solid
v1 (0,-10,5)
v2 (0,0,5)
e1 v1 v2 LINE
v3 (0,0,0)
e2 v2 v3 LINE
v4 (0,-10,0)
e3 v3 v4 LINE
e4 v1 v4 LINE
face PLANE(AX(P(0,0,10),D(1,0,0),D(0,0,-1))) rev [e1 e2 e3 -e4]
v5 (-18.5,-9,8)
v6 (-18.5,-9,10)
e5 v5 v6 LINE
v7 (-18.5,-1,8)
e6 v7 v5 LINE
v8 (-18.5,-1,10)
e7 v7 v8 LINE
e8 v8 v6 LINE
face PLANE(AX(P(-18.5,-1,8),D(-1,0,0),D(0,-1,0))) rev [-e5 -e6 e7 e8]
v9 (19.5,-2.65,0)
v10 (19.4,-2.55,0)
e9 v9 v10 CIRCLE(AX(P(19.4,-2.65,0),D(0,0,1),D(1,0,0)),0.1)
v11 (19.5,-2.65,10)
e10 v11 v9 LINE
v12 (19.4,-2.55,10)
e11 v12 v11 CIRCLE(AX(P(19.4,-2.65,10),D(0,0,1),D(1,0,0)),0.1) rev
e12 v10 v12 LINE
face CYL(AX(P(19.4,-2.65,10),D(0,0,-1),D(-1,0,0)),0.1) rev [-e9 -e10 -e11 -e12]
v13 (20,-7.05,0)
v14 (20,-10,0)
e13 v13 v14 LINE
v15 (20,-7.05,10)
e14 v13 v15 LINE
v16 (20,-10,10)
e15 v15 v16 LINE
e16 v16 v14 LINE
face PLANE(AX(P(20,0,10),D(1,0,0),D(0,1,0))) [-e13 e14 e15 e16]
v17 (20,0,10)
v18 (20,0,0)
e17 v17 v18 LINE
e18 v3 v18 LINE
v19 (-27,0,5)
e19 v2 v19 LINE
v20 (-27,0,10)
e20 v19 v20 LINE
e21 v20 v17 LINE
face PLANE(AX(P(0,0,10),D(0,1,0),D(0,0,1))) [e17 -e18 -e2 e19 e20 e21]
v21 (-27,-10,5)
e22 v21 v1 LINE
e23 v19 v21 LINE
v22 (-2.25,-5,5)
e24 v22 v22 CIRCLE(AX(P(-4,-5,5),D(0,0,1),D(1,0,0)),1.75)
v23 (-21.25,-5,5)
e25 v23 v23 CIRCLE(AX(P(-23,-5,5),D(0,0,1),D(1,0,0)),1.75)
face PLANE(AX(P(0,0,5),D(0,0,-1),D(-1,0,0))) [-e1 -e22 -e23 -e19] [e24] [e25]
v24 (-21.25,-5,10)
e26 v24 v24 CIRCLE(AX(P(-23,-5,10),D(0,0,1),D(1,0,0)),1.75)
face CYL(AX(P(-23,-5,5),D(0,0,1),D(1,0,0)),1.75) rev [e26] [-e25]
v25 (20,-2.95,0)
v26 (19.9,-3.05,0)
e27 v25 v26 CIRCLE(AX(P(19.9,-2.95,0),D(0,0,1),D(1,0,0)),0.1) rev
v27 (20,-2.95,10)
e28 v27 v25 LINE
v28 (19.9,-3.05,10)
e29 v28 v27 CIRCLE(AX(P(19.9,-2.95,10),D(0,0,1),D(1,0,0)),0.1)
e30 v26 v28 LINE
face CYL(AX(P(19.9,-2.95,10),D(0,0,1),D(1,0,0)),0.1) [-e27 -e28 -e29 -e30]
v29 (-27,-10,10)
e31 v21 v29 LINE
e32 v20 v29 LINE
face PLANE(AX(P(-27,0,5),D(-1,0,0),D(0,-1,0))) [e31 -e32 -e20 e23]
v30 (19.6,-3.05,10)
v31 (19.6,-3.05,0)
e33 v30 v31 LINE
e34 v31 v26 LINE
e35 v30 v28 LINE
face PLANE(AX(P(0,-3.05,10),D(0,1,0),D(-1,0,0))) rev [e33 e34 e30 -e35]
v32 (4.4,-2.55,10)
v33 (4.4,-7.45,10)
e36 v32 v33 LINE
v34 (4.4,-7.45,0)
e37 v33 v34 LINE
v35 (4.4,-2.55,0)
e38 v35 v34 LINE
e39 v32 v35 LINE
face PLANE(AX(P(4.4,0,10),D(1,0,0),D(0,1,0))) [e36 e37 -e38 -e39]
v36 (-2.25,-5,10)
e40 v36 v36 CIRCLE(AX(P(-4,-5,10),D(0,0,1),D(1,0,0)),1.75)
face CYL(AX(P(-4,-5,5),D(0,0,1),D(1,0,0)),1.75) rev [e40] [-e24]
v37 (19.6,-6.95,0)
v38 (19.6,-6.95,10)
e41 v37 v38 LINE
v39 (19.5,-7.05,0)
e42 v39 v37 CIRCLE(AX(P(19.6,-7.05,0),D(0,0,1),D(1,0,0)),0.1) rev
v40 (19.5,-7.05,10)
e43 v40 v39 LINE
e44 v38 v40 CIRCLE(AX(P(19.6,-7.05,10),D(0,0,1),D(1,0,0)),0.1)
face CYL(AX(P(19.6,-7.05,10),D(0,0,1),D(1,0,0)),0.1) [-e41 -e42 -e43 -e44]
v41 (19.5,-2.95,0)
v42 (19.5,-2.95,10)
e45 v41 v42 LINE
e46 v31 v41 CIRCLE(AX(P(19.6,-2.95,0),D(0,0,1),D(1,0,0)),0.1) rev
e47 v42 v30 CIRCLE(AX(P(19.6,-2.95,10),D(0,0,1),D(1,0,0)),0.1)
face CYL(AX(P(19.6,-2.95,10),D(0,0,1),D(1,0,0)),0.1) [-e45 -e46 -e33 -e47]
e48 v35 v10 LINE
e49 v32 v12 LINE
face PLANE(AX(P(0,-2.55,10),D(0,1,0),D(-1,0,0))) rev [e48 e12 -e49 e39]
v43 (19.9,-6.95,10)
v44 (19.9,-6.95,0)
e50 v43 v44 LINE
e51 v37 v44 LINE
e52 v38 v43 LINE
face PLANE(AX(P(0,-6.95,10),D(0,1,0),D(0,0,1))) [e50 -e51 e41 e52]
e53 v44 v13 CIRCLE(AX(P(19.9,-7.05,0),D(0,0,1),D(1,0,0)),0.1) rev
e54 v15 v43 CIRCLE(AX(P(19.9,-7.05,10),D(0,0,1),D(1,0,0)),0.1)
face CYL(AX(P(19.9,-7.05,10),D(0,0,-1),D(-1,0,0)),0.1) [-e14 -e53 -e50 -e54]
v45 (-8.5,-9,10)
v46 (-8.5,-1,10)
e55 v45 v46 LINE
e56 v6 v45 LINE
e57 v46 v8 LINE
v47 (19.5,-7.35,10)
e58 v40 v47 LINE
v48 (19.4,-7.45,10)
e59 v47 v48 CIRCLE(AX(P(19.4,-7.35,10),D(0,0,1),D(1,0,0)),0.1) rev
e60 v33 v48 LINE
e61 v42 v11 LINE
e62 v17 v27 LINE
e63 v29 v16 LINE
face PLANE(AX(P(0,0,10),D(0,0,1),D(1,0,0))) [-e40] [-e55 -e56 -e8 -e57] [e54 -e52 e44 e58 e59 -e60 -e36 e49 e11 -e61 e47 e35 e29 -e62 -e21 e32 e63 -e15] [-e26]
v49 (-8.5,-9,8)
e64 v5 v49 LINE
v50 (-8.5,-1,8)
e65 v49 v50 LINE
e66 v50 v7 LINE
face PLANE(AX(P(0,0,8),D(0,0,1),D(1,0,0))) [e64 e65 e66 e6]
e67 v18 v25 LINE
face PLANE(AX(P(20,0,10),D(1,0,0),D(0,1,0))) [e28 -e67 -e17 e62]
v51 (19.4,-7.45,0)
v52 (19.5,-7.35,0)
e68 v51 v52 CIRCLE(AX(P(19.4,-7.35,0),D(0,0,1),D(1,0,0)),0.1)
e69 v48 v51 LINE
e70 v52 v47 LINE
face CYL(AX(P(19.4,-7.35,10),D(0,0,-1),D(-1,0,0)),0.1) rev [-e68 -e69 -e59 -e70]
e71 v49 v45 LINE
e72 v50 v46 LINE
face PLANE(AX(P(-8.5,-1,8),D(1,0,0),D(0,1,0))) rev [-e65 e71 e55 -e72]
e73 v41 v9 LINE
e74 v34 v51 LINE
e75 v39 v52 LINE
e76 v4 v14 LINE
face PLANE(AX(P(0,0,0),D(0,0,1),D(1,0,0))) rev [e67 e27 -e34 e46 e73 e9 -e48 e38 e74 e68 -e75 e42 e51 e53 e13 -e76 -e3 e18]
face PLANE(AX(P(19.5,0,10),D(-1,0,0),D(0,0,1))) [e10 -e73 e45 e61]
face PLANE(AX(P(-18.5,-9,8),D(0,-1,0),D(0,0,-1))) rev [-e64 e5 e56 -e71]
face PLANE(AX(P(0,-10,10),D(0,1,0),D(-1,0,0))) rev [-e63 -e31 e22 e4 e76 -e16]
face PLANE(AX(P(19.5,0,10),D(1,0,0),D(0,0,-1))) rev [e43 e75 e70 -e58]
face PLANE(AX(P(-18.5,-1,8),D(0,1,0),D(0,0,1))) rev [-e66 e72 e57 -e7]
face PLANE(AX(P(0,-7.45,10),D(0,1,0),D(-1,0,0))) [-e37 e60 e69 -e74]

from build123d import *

# Parameters (mm, degrees)
SKETCH1_W           = 0.5
SKETCH1_H           = 0.5
BOSS_EXTRUDE1_DEPTH = 10
SKETCH2_W           = 27
SKETCH2_H           = 10
SKETCH2_R           = 1.75
BOSS_EXTRUDE2_DEPTH = 5
SKETCH3_W           = 10
SKETCH3_H           = 8
CUT_EXTRUDE3_DEPTH  = 2
FILLET1_R           = 0.1
FILLET2_R           = 0.1


with BuildPart() as part:
    # Sketch1 → Boss-Extrude1 (new body)
    with BuildSketch(Plane.XY):
        Polygon((20, 0), (0, 0), (0, -10), (20, -10), (20, -7.45), (19.5, -7.45), (4.4, -7.45), (4.4, -2.55), (19.5, -2.55), (20, -2.55), align=None)
        with Locations((19.75, -7.2)):
            Rectangle(SKETCH1_W, SKETCH1_H)
        with Locations((19.75, -2.8)):
            Rectangle(SKETCH1_W, SKETCH1_H)
    extrude(amount=BOSS_EXTRUDE1_DEPTH)

    # Sketch2 → Boss-Extrude2 (add)
    with BuildSketch(Plane.XY.offset(10)):
        with Locations((-13.5, -5)):
            Rectangle(SKETCH2_W, SKETCH2_H)
        with Locations((-23, -5)):
            Circle(SKETCH2_R, mode=Mode.SUBTRACT)
        with Locations((-4, -5)):
            Circle(SKETCH2_R, mode=Mode.SUBTRACT)
    extrude(amount=-BOSS_EXTRUDE2_DEPTH)

    # Sketch3 → Cut-Extrude3 (cut)
    with BuildSketch(Plane.XY.offset(10)):
        with Locations((-13.5, -5)):
            Rectangle(SKETCH3_W, SKETCH3_H)
    extrude(amount=-CUT_EXTRUDE3_DEPTH, mode=Mode.SUBTRACT)

    # Fillet1
    fillet1_edges = [part.edges().sort_by_distance(p)[0] for p in [
        (19.5, -7.45, 5),
        (19.5, -2.55, 5),
    ]]
    fillet(fillet1_edges, radius=FILLET1_R)

    # Fillet2
    fillet2_edges = [part.edges().sort_by_distance(p)[0] for p in [
        (19.5, -6.95, 5),
        (20, -6.95, 5),
        (20, -3.05, 5),
        (19.5, -3.05, 5),
    ]]
    fillet(fillet2_edges, radius=FILLET2_R)


solid = part.part
